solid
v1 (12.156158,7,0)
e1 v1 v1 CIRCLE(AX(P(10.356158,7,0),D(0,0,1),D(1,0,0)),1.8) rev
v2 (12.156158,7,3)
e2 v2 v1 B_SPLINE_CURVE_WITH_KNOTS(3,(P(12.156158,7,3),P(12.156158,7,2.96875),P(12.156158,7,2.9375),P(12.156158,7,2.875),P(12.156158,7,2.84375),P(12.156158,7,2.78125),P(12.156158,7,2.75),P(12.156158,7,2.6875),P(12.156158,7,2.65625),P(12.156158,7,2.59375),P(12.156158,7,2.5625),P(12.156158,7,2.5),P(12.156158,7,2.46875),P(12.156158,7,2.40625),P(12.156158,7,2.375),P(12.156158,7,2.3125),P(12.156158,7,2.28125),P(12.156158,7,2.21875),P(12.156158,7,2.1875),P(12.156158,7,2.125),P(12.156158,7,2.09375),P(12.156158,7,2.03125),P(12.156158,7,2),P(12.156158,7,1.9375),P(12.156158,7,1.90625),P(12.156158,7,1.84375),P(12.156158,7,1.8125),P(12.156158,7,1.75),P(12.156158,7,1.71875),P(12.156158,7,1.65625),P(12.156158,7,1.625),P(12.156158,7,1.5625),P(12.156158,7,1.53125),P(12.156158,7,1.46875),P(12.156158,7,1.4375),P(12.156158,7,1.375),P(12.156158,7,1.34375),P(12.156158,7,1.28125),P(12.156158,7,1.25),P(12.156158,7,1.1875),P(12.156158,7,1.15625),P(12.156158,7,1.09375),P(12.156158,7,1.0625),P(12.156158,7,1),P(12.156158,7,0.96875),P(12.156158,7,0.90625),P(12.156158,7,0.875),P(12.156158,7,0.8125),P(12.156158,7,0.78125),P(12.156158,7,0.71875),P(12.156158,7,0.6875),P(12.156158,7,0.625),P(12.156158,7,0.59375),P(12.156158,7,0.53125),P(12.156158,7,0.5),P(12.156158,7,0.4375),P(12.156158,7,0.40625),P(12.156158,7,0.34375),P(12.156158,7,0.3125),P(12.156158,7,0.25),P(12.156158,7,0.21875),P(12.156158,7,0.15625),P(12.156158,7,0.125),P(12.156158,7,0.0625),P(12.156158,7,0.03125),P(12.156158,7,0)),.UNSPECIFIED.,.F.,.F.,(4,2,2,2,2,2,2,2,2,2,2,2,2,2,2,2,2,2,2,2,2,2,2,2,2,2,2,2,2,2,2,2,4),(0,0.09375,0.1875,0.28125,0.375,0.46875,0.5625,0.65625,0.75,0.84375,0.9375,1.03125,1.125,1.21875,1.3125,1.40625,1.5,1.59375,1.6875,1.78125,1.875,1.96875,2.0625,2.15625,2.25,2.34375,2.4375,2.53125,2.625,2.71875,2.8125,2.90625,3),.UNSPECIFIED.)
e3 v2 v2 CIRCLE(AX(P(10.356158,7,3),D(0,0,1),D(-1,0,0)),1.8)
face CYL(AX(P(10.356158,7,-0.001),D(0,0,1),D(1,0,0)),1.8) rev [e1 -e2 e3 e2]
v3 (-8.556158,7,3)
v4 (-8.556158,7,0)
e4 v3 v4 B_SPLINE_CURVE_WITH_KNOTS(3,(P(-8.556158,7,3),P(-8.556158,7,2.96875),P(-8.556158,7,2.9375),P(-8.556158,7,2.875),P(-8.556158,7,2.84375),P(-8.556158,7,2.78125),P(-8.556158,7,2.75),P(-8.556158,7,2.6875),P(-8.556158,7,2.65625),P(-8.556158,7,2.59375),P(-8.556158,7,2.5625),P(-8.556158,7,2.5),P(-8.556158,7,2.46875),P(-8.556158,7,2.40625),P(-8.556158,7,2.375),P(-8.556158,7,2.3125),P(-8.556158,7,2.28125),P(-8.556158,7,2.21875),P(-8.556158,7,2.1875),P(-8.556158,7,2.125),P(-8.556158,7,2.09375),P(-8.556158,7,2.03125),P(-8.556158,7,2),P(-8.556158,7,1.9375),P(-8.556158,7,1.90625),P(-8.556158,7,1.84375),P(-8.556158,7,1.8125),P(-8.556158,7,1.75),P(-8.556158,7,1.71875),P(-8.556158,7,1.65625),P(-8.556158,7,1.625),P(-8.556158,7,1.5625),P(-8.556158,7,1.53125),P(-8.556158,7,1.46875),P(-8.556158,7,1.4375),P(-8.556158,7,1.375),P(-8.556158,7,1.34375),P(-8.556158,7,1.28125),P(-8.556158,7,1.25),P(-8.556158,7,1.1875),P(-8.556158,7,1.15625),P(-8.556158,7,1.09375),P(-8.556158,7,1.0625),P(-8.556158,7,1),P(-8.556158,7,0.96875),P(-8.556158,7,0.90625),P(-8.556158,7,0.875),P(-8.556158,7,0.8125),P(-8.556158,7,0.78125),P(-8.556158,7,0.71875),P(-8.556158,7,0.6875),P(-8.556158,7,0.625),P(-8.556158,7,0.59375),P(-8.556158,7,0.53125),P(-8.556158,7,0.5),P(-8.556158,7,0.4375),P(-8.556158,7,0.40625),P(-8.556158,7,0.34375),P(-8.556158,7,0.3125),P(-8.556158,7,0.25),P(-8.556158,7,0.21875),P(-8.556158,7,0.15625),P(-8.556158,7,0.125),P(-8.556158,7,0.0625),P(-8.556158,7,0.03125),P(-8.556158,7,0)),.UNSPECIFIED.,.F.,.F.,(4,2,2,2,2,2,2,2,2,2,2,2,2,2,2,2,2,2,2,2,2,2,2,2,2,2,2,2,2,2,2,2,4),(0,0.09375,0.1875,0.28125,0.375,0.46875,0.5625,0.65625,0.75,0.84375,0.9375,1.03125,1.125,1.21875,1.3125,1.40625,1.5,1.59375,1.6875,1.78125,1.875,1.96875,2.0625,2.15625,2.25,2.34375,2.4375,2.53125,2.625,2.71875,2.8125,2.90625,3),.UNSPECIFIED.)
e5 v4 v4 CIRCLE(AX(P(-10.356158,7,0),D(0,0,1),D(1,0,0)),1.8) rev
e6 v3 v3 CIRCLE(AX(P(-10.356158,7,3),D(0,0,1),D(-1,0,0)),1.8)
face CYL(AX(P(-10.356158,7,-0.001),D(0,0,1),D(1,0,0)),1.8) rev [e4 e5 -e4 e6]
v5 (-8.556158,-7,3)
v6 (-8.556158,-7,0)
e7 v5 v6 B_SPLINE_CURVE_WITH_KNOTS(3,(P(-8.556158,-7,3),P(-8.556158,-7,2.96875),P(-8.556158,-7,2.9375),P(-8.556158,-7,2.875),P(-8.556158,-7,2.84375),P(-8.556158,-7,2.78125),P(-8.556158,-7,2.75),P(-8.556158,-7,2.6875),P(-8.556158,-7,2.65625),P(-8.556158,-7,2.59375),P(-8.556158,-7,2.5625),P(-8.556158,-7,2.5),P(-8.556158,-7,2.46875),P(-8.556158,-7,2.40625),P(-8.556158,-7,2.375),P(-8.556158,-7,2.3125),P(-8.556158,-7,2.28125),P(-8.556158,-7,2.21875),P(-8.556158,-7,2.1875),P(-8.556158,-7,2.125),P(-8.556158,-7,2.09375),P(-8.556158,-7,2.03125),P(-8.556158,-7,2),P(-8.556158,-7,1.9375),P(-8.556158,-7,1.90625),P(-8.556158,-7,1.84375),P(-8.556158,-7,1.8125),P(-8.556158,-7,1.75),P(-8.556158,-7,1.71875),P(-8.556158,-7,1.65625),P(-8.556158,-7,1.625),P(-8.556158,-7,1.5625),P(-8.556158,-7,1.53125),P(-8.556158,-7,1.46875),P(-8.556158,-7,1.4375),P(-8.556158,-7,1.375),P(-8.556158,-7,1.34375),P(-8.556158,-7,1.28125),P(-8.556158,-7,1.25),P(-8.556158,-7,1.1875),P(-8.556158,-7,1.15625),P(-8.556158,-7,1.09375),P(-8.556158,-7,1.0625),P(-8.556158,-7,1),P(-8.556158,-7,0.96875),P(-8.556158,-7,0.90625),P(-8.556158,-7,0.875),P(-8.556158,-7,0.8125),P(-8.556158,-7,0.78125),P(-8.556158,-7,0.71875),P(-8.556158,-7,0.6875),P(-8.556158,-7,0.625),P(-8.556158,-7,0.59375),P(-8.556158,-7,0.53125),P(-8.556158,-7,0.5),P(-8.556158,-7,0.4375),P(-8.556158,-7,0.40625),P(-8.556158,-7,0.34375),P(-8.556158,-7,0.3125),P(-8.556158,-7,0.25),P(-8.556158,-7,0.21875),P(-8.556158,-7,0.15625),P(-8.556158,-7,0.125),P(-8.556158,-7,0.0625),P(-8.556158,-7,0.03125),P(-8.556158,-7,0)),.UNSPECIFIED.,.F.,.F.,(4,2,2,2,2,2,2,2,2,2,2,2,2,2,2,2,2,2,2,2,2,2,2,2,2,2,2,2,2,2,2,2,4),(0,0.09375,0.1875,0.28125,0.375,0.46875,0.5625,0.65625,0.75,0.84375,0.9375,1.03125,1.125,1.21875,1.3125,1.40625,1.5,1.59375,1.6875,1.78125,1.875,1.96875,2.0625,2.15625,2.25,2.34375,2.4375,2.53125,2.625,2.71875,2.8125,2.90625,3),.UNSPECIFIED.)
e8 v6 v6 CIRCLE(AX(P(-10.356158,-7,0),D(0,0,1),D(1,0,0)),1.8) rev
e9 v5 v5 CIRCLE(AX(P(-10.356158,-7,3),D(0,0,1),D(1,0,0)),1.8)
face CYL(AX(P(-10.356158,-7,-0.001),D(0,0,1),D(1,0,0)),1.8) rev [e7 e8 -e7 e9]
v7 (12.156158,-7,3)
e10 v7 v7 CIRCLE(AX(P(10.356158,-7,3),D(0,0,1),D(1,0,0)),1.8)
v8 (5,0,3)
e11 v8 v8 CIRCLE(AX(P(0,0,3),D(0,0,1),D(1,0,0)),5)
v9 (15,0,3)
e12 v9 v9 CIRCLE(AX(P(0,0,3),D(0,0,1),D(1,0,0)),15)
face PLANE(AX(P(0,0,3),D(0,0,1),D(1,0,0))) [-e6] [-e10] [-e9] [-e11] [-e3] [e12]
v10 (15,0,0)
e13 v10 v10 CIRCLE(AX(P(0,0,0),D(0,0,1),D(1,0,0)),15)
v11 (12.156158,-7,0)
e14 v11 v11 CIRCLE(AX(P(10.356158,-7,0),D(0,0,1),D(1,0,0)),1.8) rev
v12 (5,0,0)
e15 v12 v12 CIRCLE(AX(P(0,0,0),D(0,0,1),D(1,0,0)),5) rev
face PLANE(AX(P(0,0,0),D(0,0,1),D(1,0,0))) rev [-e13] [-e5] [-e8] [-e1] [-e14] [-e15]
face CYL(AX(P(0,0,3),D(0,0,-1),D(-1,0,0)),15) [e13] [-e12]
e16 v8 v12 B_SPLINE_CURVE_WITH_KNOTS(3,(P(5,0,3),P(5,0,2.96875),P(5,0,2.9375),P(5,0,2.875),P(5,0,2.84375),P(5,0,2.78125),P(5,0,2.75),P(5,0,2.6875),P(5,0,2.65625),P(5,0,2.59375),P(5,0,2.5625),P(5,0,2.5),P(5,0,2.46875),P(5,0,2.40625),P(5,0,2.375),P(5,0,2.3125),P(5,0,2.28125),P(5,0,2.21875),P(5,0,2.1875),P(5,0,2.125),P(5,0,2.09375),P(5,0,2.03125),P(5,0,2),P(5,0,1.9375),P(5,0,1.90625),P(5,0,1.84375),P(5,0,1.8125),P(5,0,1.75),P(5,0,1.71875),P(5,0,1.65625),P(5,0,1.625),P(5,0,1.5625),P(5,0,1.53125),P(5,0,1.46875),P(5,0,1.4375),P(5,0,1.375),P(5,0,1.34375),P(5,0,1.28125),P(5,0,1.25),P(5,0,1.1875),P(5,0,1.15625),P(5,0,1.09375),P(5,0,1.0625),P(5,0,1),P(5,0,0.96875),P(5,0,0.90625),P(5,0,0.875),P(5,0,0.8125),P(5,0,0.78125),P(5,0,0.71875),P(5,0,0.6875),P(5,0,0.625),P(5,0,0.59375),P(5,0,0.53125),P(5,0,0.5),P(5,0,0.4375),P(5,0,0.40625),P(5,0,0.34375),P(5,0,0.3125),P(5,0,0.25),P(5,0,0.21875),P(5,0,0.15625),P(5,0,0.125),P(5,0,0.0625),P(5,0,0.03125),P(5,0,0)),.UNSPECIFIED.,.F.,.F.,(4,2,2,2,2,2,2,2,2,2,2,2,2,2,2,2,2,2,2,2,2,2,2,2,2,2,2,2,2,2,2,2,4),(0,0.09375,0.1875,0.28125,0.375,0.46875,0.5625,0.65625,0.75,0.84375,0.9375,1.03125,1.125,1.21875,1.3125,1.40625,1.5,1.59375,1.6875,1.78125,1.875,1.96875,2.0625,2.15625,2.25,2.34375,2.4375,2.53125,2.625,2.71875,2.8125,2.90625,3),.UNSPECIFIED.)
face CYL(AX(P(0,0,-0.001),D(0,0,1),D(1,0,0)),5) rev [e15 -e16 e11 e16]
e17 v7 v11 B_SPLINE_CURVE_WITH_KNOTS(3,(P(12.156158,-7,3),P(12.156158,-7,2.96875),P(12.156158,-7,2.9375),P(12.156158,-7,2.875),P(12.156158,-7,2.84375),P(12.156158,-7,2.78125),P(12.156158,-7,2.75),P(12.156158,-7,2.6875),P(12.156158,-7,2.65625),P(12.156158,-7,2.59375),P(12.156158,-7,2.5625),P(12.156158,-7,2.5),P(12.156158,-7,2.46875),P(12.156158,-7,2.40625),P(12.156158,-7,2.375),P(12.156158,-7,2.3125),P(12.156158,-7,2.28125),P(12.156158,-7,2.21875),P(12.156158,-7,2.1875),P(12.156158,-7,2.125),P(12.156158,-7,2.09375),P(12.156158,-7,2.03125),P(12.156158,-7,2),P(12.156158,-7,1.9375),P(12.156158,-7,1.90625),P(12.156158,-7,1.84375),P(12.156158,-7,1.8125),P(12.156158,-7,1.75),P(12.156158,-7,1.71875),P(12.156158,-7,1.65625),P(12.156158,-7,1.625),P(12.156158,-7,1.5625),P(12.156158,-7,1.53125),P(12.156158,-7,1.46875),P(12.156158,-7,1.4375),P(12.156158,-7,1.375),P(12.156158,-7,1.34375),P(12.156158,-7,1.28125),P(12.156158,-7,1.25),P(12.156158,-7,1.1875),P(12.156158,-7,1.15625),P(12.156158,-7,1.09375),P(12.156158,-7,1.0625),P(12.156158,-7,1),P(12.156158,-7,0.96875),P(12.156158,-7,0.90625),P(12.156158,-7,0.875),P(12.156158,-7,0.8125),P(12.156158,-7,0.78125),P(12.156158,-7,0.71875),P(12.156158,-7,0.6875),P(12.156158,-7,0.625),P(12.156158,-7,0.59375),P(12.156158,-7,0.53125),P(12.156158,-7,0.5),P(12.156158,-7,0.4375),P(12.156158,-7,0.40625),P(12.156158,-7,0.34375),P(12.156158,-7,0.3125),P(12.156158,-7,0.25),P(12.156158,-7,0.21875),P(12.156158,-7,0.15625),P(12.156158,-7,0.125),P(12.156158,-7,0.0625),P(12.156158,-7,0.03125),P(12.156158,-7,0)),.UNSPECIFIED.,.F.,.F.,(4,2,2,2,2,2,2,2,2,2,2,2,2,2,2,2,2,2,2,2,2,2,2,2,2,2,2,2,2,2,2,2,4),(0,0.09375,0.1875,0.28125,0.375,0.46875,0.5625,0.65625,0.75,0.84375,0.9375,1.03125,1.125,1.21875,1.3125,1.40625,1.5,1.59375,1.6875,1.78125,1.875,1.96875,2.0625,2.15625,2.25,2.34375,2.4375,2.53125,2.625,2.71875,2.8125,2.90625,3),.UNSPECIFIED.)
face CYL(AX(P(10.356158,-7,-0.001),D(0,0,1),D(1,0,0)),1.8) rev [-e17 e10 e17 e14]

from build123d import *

# Parameters (mm, degrees)
SKETCH_1_R          = 15
EXTRUDE_1_DEPTH     = 3
CUT_EXTRUDE_1_REACH = 23.424
SKETCH_2_R          = 5
CUT_EXTRUDE_2_REACH = 23.424
SKETCH_3_R          = 1.8


with BuildPart() as part:
    # 草图1 → 凸台-拉伸1 (new body)
    with BuildSketch(Plane.XY):
        Circle(SKETCH_1_R)
    extrude(amount=EXTRUDE_1_DEPTH)

    # 草图2 → 切除-拉伸1 (cut, up to next)
    with BuildSketch(Plane.XY.offset(3), mode=Mode.PRIVATE) as cut_extrude_1_sk1:
        Circle(SKETCH_2_R)
    cut_extrude_1_tool1 = extrude(cut_extrude_1_sk1.sketch, amount=-CUT_EXTRUDE_1_REACH, mode=Mode.PRIVATE) & part.part
    add(cut_extrude_1_tool1.solids().sort_by_distance((0, 0, 3))[0], mode=Mode.SUBTRACT)

    # 草图3 → 切除-拉伸2 (cut, up to next)
    with BuildSketch(Plane.XY.offset(3), mode=Mode.PRIVATE) as cut_extrude_2_sk1:
        with Locations((-10.356157589, -7)):
            Circle(SKETCH_3_R)
    cut_extrude_2_tool1 = extrude(cut_extrude_2_sk1.sketch, amount=-CUT_EXTRUDE_2_REACH, mode=Mode.PRIVATE) & part.part
    # 草图3 → 切除-拉伸2 (cut, up to next)
    with BuildSketch(Plane.XY.offset(3), mode=Mode.PRIVATE) as cut_extrude_2_sk2:
        with Locations((10.356157589, -7)):
            Circle(SKETCH_3_R)
    cut_extrude_2_tool2 = extrude(cut_extrude_2_sk2.sketch, amount=-CUT_EXTRUDE_2_REACH, mode=Mode.PRIVATE) & part.part
    # 草图3 → 切除-拉伸2 (cut, up to next)
    with BuildSketch(Plane.XY.offset(3), mode=Mode.PRIVATE) as cut_extrude_2_sk3:
        with Locations((10.356157589, 7)):
            Circle(SKETCH_3_R)
    cut_extrude_2_tool3 = extrude(cut_extrude_2_sk3.sketch, amount=-CUT_EXTRUDE_2_REACH, mode=Mode.PRIVATE) & part.part
    # 草图3 → 切除-拉伸2 (cut, up to next)
    with BuildSketch(Plane.XY.offset(3), mode=Mode.PRIVATE) as cut_extrude_2_sk4:
        with Locations((-10.356157589, 7)):
            Circle(SKETCH_3_R)
    cut_extrude_2_tool4 = extrude(cut_extrude_2_sk4.sketch, amount=-CUT_EXTRUDE_2_REACH, mode=Mode.PRIVATE) & part.part
    add(cut_extrude_2_tool1.solids().sort_by_distance((-10.356158, -7, 3))[0], mode=Mode.SUBTRACT)
    add(cut_extrude_2_tool2.solids().sort_by_distance((10.356158, -7, 3))[0], mode=Mode.SUBTRACT)
    add(cut_extrude_2_tool3.solids().sort_by_distance((10.356158, 7, 3))[0], mode=Mode.SUBTRACT)
    add(cut_extrude_2_tool4.solids().sort_by_distance((-10.356158, 7, 3))[0], mode=Mode.SUBTRACT)


solid = part.part
